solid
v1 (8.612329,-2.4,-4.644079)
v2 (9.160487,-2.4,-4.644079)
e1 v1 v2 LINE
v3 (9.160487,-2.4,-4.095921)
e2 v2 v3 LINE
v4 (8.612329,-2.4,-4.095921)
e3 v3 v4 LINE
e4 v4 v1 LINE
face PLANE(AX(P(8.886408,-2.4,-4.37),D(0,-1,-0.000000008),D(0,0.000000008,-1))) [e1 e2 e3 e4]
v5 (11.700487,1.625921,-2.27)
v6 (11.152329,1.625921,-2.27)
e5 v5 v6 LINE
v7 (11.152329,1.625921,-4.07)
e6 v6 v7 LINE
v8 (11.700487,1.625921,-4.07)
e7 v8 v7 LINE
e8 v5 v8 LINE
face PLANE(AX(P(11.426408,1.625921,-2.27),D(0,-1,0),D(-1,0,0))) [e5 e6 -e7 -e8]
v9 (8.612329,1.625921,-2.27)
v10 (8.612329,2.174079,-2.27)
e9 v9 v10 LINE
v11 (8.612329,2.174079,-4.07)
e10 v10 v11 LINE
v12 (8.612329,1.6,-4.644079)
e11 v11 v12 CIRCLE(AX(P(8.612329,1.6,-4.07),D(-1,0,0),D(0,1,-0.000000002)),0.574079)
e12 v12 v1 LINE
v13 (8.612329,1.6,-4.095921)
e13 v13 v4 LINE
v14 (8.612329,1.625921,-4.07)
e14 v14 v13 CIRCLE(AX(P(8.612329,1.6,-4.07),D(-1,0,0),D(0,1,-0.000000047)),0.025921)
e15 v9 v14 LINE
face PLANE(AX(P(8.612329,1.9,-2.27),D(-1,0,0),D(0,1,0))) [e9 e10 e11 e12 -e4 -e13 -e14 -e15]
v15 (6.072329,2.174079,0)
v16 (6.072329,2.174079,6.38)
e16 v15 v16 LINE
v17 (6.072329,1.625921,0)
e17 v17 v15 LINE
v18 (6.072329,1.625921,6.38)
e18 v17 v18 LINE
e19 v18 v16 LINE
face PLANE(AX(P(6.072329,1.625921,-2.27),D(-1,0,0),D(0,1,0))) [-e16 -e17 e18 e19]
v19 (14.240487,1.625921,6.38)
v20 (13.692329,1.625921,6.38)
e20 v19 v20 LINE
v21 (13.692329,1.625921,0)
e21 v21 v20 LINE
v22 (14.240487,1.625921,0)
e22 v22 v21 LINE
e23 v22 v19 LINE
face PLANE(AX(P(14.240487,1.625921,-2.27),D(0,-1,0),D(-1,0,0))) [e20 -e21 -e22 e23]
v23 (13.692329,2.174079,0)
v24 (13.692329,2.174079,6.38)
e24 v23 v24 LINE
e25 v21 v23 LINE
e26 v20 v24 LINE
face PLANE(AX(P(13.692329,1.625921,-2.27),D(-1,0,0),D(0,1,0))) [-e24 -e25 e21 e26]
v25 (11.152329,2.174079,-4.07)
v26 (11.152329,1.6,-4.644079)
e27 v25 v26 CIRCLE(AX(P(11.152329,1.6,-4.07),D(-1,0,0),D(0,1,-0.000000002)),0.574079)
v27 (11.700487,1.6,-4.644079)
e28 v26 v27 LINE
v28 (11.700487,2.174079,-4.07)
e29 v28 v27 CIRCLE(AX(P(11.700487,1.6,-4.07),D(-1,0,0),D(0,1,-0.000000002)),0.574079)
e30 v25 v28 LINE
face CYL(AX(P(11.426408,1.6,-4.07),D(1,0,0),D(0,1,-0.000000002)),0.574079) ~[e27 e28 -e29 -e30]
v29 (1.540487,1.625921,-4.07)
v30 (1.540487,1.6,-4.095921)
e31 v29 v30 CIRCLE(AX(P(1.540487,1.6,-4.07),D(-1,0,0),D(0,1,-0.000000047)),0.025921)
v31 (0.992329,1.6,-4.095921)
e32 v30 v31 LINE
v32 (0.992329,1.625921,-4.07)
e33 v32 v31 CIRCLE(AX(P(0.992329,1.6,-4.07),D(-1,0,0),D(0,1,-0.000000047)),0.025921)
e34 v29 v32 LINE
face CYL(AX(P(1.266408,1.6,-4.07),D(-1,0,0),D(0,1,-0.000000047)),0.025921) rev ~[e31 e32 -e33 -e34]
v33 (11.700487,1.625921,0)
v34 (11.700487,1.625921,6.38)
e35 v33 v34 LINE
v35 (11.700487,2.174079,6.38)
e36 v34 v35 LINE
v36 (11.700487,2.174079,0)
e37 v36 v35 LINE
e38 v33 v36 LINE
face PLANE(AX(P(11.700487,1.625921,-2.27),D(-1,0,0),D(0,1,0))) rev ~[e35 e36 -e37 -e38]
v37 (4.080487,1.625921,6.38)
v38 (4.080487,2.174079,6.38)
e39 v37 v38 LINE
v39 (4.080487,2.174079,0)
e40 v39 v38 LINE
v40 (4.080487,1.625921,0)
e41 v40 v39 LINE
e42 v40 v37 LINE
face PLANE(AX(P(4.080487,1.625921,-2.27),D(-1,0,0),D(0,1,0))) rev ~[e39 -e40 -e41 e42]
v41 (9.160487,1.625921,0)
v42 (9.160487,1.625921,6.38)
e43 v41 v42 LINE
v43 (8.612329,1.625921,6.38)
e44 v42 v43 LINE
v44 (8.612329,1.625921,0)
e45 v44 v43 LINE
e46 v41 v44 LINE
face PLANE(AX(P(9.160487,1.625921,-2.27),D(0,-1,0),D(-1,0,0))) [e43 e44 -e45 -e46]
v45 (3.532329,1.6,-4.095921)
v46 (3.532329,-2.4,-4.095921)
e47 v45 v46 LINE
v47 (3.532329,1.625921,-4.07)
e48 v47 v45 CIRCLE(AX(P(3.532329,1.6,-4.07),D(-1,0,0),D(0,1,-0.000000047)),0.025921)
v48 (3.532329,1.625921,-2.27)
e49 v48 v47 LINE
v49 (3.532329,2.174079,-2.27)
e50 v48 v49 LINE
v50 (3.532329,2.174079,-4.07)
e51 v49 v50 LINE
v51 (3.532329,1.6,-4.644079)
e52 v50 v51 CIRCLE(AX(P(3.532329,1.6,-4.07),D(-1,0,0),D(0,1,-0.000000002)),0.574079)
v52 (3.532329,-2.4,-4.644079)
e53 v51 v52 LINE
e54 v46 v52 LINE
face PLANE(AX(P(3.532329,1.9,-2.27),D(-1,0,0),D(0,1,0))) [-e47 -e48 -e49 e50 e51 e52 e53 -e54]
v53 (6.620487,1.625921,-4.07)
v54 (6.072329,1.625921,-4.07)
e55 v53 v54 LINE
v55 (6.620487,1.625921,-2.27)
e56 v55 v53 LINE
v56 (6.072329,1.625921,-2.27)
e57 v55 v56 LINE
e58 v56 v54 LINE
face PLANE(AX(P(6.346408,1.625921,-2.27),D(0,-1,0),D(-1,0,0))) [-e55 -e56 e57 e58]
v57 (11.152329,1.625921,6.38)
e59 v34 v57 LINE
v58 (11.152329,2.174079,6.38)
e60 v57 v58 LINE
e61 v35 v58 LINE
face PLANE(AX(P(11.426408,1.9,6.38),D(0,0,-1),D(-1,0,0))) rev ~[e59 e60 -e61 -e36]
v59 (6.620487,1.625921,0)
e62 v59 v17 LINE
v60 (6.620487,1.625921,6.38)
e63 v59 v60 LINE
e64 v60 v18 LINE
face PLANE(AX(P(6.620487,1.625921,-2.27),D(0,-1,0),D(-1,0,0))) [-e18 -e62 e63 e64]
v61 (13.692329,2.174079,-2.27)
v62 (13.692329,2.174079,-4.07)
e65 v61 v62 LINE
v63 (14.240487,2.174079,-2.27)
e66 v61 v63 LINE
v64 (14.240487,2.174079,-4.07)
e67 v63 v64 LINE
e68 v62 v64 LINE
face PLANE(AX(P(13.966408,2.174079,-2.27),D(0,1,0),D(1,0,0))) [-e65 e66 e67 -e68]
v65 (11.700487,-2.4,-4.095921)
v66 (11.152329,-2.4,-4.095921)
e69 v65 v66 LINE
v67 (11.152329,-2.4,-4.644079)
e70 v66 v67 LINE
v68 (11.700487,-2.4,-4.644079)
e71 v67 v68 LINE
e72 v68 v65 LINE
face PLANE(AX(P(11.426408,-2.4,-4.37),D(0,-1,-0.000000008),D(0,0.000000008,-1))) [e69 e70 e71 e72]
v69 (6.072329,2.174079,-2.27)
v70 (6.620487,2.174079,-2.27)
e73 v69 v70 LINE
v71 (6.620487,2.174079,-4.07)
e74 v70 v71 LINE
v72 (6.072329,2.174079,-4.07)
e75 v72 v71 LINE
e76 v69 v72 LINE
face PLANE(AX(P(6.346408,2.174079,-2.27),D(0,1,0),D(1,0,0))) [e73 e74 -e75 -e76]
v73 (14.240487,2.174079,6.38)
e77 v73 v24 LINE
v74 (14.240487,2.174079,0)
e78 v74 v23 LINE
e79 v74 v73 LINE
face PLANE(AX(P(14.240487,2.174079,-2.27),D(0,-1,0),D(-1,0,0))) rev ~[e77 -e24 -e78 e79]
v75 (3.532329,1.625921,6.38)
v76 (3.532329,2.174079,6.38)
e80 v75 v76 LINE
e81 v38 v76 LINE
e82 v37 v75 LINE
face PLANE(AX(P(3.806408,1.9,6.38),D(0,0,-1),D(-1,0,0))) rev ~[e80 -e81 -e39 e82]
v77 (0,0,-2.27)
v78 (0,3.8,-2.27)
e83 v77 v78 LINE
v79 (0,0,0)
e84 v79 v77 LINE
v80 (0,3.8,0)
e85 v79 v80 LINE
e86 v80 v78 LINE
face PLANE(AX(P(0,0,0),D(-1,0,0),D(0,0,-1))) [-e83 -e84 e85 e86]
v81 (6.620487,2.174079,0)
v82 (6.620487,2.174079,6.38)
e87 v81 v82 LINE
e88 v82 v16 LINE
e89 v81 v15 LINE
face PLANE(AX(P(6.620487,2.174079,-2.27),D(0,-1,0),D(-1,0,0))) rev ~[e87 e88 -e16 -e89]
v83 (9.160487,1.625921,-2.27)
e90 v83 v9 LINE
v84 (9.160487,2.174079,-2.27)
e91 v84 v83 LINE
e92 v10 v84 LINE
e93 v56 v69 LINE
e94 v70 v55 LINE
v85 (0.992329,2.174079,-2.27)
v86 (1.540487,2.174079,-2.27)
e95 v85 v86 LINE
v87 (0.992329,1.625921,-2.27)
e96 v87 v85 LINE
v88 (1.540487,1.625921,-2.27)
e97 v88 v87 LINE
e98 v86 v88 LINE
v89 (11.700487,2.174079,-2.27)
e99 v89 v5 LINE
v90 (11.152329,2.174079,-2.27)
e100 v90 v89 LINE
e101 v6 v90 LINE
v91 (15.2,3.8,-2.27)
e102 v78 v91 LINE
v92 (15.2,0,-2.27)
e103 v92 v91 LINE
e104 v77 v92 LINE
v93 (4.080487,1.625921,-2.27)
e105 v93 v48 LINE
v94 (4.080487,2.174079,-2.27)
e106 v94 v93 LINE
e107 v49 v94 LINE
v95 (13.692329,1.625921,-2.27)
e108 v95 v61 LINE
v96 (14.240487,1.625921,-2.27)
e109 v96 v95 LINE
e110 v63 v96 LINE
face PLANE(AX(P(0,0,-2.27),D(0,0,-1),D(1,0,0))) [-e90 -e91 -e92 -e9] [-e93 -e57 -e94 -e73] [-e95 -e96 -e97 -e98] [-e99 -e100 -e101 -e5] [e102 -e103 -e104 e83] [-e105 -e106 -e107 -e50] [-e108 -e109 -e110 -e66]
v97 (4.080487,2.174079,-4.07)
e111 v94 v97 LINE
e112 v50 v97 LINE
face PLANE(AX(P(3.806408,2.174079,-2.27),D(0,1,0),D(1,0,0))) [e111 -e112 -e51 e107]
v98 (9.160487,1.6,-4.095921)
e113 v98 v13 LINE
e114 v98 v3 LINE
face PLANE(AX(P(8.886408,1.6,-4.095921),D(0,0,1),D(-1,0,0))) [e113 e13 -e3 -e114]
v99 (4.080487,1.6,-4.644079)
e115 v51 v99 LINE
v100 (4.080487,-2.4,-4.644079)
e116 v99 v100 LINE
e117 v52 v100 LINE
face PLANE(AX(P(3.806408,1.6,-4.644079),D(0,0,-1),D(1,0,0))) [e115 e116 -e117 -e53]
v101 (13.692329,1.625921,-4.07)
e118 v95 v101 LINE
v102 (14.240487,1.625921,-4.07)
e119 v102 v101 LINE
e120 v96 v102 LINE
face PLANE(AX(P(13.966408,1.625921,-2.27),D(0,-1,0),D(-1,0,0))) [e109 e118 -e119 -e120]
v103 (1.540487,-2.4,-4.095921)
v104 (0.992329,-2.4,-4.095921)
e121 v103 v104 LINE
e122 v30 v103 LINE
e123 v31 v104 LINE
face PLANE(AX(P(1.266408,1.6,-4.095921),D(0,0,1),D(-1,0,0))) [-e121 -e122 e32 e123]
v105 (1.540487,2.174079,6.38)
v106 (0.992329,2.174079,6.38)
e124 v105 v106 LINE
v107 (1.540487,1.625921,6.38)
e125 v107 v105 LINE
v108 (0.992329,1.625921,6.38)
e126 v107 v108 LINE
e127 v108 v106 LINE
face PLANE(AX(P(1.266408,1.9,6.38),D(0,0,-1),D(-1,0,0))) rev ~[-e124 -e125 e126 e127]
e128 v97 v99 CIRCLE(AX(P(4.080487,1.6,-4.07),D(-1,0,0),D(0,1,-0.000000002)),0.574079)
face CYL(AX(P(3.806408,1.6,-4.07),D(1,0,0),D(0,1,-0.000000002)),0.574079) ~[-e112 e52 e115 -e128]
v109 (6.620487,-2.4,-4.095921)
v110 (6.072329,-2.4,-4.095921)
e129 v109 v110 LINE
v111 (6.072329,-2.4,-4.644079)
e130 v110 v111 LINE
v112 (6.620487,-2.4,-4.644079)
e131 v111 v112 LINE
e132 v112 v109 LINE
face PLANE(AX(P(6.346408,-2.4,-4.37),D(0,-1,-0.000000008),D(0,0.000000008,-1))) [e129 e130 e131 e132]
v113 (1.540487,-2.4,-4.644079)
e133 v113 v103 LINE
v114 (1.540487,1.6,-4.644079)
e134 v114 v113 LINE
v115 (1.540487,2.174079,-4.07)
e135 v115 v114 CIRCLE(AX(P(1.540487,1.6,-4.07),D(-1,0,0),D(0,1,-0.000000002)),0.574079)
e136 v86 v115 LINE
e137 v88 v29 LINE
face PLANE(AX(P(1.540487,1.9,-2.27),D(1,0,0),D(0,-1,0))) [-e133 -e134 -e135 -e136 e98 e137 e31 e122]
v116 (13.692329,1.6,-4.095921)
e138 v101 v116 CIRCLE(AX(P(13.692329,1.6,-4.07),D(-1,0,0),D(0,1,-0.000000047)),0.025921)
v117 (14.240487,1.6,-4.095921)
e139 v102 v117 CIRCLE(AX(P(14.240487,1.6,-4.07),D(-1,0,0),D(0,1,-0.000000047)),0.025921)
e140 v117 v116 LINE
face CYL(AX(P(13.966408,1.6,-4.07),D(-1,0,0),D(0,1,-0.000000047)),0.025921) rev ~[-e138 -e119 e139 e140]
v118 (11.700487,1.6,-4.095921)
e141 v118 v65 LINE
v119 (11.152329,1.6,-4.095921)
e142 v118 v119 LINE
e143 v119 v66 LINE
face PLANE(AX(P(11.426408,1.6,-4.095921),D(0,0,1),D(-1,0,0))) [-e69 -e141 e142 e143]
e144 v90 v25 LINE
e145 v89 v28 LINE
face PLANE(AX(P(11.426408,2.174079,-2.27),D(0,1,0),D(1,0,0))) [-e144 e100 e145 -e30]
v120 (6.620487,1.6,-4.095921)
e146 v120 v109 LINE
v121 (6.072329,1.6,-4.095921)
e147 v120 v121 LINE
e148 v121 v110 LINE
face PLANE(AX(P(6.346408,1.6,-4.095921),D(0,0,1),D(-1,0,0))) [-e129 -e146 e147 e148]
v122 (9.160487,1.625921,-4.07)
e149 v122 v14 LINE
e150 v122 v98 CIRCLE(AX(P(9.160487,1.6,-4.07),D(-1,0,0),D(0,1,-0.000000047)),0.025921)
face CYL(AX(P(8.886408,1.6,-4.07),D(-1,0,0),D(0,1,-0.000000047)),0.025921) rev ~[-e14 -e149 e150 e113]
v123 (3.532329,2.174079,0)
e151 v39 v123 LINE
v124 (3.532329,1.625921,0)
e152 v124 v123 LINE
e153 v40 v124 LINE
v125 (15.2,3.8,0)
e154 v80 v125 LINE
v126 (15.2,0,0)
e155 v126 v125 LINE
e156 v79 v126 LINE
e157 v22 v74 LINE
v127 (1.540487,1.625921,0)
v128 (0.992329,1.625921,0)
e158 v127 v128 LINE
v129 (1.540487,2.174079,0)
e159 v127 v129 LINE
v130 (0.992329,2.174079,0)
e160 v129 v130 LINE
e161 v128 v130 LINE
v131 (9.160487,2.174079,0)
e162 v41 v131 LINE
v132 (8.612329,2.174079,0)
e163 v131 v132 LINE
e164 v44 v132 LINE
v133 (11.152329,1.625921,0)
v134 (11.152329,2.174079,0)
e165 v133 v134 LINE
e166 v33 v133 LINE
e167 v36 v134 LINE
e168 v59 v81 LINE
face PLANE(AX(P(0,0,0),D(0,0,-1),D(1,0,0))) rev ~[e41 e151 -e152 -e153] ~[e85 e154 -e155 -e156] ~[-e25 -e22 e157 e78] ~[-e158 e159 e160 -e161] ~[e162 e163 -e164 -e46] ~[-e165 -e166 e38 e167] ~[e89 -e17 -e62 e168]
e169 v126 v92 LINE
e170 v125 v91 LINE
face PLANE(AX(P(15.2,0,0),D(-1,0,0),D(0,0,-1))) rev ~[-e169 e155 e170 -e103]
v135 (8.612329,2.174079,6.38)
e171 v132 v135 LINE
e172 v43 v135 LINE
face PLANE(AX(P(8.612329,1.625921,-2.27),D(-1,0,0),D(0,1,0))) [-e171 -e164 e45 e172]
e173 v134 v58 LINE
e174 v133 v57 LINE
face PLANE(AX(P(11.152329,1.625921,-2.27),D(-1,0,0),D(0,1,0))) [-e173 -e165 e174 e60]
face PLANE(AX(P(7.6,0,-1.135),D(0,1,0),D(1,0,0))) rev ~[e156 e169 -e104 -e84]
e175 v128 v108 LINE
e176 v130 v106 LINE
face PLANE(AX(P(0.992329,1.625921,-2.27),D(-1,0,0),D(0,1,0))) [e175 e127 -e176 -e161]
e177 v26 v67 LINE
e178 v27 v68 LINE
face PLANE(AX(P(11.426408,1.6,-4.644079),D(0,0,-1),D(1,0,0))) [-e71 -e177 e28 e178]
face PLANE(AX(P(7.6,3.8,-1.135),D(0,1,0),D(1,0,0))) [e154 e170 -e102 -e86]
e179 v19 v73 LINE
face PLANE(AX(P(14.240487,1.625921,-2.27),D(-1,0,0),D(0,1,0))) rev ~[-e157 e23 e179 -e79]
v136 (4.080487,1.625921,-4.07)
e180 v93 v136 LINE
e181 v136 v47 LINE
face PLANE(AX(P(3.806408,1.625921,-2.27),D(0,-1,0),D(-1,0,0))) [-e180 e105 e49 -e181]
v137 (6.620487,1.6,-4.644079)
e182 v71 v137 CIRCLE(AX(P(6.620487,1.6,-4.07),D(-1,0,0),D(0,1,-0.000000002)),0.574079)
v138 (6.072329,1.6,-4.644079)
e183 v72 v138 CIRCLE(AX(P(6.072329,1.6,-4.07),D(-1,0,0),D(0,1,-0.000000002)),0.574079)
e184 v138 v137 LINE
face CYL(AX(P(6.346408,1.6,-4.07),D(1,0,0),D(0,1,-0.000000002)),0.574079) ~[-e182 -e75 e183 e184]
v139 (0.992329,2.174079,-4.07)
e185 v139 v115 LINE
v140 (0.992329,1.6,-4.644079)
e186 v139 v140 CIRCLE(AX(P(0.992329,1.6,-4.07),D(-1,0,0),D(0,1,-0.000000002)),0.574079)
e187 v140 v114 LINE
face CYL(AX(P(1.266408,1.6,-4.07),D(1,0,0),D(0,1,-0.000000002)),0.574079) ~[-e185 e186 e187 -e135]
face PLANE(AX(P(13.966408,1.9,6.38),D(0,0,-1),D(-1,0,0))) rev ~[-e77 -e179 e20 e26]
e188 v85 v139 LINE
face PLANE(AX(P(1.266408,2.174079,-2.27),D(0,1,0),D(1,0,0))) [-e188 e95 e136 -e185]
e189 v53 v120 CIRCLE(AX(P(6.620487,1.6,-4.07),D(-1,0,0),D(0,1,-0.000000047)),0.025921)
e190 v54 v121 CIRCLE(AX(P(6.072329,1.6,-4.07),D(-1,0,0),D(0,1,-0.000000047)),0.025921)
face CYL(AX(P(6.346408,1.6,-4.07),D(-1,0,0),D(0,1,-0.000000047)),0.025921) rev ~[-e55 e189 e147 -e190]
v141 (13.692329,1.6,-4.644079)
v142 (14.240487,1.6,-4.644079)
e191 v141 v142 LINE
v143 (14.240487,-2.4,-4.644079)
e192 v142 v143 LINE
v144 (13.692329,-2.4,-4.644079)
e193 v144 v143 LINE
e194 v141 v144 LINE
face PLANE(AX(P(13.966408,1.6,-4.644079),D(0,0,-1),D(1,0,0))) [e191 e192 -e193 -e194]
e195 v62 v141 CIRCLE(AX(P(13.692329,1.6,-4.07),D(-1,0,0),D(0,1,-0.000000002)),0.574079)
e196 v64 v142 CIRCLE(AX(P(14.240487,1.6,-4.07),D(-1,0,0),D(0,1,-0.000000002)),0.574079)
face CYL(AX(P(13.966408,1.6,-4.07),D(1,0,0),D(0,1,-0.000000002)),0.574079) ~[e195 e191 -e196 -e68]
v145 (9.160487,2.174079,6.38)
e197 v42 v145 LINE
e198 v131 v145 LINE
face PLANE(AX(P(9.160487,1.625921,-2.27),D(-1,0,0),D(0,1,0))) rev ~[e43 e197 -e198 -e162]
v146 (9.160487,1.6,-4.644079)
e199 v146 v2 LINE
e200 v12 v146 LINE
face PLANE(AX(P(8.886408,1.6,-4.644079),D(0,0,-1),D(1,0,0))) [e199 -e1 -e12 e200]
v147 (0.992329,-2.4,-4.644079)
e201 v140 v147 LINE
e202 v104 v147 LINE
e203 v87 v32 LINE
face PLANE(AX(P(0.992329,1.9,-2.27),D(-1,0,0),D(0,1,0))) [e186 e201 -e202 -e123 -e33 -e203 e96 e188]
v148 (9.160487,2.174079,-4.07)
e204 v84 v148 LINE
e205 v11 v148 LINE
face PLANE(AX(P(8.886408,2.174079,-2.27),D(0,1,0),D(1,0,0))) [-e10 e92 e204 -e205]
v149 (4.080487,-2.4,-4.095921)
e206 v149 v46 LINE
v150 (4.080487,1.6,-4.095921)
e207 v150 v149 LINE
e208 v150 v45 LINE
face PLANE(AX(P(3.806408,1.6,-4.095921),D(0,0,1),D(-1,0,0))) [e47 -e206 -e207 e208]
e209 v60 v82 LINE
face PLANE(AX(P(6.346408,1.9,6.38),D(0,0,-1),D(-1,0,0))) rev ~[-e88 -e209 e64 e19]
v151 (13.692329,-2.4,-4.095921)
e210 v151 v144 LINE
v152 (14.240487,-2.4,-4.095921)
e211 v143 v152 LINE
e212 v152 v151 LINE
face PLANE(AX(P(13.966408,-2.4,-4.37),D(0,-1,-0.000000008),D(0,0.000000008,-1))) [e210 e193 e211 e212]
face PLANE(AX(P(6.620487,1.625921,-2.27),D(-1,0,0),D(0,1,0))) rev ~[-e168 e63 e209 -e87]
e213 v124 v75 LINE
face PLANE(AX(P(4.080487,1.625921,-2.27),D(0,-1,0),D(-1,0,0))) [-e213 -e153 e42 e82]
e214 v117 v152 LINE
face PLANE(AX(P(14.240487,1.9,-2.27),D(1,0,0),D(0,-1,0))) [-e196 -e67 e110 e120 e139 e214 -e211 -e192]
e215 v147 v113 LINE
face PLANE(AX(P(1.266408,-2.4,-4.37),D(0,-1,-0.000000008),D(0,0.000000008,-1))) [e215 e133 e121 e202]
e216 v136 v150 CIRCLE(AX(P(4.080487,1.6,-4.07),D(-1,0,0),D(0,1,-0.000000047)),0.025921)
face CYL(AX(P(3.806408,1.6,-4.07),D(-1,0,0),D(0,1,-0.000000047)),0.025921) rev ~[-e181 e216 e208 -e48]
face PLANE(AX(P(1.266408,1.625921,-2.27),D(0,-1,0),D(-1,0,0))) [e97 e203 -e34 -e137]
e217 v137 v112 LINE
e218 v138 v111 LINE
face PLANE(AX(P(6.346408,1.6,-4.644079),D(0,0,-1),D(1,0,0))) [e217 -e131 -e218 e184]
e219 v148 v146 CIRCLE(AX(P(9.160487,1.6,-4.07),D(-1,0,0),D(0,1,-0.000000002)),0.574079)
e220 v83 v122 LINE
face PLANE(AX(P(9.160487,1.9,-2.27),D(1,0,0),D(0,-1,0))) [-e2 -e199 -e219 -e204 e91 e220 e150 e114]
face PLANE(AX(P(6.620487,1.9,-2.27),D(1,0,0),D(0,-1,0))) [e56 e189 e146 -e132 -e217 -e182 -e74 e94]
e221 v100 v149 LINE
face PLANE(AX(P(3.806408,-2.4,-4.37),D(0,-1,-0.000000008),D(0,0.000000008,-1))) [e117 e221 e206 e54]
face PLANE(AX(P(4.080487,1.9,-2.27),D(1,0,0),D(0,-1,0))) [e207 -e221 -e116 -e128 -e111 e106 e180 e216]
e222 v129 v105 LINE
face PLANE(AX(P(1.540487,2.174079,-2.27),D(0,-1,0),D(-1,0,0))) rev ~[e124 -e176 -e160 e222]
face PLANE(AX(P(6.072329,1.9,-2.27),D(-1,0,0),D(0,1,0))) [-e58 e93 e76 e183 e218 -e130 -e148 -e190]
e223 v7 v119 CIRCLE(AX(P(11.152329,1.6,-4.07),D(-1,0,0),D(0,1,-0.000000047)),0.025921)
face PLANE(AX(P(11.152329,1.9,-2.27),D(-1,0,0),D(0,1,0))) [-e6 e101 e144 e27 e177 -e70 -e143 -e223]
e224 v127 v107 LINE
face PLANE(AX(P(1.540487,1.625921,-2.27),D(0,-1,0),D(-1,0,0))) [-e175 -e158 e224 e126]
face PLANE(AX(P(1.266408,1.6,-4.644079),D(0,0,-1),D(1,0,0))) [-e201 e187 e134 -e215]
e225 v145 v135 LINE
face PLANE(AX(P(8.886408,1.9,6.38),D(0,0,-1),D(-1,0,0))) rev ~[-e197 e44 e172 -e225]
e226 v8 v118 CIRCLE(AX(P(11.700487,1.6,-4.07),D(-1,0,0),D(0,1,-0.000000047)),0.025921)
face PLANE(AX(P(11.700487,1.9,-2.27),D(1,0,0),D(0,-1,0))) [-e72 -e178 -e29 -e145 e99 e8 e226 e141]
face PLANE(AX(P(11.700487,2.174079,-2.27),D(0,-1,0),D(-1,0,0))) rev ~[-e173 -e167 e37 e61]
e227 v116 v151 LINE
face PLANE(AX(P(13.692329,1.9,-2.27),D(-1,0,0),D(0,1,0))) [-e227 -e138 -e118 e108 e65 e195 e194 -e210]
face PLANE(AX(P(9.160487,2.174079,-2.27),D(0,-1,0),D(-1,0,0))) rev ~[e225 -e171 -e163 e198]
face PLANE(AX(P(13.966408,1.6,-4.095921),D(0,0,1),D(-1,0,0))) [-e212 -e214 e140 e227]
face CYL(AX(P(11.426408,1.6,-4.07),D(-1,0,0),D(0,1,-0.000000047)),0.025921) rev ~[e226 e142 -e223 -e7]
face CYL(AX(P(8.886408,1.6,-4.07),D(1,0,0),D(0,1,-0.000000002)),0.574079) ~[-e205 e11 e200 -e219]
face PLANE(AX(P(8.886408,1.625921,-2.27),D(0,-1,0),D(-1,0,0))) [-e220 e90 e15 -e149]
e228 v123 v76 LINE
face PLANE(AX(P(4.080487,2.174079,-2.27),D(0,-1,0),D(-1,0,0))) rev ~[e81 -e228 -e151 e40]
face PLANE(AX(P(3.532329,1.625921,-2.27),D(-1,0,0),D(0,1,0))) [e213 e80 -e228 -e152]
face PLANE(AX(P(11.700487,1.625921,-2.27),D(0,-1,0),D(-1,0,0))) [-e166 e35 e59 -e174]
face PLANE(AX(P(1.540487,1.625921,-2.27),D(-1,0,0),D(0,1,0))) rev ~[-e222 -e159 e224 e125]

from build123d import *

# Parameters (mm, degrees)
SKETCH1_W           = 15.2
SKETCH1_H           = 2.27
BOSS_EXTRUDE1_DEPTH = 3.8
SKETCH2_W           = 0.548157429
SKETCH2_H           = 0.54815743
SKETCH2_2_W         = 0.548157429
SKETCH2_2_H         = 0.54815743
BOSS_EXTRUDE2_DEPTH = 8.65


with BuildPart() as part:
    # Sketch1 → Boss-Extrude1 (new body)
    with BuildSketch(Plane(origin=(0, 0, 0), x_dir=(1, 0, 0), z_dir=(0, 1, 0))):
        with Locations((7.6, 1.135)):
            Rectangle(SKETCH1_W, SKETCH1_H)
    extrude(amount=BOSS_EXTRUDE1_DEPTH)

    # Sweep1: sweep along a path in Sketch3
    with BuildLine(Plane(origin=(0, 0, 0), x_dir=(0, 0, -1), z_dir=(1, 0, 0))) as sweep1_path:
        Line((2.27, 1.9), (4.07, 1.9))
        ThreePointArc((4.07, 1.9), (4.282132034, 1.812132034), (4.37, 1.6))
        Line((4.37, 1.6), (4.37, -2.4))
    # Sketch2 → Sweep1 (sweep)
    with BuildSketch(Plane(origin=(0, 0, -2.27), x_dir=(-1, 0, 0), z_dir=(0, 0, -1))):
        with Locations((-1.266407872, 1.9)):
            Rectangle(SKETCH2_W, SKETCH2_H)
        with Locations((-3.806407872, 1.9)):
            Rectangle(SKETCH2_W, SKETCH2_H)
        with Locations((-6.346407872, 1.9)):
            Rectangle(SKETCH2_W, SKETCH2_H)
        with Locations((-8.886407872, 1.9)):
            Rectangle(SKETCH2_W, SKETCH2_H)
        with Locations((-11.426407872, 1.9)):
            Rectangle(SKETCH2_W, SKETCH2_H)
        with Locations((-13.966407872, 1.9)):
            Rectangle(SKETCH2_W, SKETCH2_H)
    sweep(path=sweep1_path.line)

    # Sketch2_2 → Boss-Extrude2 (add)
    with BuildSketch(Plane(origin=(0, 0, -2.27), x_dir=(-1, 0, 0), z_dir=(0, 0, -1))):
        with Locations((-1.266407872, 1.9)):
            Rectangle(SKETCH2_2_W, SKETCH2_2_H)
        with Locations((-3.806407872, 1.9)):
            Rectangle(SKETCH2_2_W, SKETCH2_2_H)
        with Locations((-6.346407872, 1.9)):
            Rectangle(SKETCH2_2_W, SKETCH2_2_H)
        with Locations((-8.886407872, 1.9)):
            Rectangle(SKETCH2_2_W, SKETCH2_2_H)
        with Locations((-11.426407872, 1.9)):
            Rectangle(SKETCH2_2_W, SKETCH2_2_H)
        with Locations((-13.966407872, 1.9)):
            Rectangle(SKETCH2_2_W, SKETCH2_2_H)
    extrude(amount=-BOSS_EXTRUDE2_DEPTH)


solid = part.part
